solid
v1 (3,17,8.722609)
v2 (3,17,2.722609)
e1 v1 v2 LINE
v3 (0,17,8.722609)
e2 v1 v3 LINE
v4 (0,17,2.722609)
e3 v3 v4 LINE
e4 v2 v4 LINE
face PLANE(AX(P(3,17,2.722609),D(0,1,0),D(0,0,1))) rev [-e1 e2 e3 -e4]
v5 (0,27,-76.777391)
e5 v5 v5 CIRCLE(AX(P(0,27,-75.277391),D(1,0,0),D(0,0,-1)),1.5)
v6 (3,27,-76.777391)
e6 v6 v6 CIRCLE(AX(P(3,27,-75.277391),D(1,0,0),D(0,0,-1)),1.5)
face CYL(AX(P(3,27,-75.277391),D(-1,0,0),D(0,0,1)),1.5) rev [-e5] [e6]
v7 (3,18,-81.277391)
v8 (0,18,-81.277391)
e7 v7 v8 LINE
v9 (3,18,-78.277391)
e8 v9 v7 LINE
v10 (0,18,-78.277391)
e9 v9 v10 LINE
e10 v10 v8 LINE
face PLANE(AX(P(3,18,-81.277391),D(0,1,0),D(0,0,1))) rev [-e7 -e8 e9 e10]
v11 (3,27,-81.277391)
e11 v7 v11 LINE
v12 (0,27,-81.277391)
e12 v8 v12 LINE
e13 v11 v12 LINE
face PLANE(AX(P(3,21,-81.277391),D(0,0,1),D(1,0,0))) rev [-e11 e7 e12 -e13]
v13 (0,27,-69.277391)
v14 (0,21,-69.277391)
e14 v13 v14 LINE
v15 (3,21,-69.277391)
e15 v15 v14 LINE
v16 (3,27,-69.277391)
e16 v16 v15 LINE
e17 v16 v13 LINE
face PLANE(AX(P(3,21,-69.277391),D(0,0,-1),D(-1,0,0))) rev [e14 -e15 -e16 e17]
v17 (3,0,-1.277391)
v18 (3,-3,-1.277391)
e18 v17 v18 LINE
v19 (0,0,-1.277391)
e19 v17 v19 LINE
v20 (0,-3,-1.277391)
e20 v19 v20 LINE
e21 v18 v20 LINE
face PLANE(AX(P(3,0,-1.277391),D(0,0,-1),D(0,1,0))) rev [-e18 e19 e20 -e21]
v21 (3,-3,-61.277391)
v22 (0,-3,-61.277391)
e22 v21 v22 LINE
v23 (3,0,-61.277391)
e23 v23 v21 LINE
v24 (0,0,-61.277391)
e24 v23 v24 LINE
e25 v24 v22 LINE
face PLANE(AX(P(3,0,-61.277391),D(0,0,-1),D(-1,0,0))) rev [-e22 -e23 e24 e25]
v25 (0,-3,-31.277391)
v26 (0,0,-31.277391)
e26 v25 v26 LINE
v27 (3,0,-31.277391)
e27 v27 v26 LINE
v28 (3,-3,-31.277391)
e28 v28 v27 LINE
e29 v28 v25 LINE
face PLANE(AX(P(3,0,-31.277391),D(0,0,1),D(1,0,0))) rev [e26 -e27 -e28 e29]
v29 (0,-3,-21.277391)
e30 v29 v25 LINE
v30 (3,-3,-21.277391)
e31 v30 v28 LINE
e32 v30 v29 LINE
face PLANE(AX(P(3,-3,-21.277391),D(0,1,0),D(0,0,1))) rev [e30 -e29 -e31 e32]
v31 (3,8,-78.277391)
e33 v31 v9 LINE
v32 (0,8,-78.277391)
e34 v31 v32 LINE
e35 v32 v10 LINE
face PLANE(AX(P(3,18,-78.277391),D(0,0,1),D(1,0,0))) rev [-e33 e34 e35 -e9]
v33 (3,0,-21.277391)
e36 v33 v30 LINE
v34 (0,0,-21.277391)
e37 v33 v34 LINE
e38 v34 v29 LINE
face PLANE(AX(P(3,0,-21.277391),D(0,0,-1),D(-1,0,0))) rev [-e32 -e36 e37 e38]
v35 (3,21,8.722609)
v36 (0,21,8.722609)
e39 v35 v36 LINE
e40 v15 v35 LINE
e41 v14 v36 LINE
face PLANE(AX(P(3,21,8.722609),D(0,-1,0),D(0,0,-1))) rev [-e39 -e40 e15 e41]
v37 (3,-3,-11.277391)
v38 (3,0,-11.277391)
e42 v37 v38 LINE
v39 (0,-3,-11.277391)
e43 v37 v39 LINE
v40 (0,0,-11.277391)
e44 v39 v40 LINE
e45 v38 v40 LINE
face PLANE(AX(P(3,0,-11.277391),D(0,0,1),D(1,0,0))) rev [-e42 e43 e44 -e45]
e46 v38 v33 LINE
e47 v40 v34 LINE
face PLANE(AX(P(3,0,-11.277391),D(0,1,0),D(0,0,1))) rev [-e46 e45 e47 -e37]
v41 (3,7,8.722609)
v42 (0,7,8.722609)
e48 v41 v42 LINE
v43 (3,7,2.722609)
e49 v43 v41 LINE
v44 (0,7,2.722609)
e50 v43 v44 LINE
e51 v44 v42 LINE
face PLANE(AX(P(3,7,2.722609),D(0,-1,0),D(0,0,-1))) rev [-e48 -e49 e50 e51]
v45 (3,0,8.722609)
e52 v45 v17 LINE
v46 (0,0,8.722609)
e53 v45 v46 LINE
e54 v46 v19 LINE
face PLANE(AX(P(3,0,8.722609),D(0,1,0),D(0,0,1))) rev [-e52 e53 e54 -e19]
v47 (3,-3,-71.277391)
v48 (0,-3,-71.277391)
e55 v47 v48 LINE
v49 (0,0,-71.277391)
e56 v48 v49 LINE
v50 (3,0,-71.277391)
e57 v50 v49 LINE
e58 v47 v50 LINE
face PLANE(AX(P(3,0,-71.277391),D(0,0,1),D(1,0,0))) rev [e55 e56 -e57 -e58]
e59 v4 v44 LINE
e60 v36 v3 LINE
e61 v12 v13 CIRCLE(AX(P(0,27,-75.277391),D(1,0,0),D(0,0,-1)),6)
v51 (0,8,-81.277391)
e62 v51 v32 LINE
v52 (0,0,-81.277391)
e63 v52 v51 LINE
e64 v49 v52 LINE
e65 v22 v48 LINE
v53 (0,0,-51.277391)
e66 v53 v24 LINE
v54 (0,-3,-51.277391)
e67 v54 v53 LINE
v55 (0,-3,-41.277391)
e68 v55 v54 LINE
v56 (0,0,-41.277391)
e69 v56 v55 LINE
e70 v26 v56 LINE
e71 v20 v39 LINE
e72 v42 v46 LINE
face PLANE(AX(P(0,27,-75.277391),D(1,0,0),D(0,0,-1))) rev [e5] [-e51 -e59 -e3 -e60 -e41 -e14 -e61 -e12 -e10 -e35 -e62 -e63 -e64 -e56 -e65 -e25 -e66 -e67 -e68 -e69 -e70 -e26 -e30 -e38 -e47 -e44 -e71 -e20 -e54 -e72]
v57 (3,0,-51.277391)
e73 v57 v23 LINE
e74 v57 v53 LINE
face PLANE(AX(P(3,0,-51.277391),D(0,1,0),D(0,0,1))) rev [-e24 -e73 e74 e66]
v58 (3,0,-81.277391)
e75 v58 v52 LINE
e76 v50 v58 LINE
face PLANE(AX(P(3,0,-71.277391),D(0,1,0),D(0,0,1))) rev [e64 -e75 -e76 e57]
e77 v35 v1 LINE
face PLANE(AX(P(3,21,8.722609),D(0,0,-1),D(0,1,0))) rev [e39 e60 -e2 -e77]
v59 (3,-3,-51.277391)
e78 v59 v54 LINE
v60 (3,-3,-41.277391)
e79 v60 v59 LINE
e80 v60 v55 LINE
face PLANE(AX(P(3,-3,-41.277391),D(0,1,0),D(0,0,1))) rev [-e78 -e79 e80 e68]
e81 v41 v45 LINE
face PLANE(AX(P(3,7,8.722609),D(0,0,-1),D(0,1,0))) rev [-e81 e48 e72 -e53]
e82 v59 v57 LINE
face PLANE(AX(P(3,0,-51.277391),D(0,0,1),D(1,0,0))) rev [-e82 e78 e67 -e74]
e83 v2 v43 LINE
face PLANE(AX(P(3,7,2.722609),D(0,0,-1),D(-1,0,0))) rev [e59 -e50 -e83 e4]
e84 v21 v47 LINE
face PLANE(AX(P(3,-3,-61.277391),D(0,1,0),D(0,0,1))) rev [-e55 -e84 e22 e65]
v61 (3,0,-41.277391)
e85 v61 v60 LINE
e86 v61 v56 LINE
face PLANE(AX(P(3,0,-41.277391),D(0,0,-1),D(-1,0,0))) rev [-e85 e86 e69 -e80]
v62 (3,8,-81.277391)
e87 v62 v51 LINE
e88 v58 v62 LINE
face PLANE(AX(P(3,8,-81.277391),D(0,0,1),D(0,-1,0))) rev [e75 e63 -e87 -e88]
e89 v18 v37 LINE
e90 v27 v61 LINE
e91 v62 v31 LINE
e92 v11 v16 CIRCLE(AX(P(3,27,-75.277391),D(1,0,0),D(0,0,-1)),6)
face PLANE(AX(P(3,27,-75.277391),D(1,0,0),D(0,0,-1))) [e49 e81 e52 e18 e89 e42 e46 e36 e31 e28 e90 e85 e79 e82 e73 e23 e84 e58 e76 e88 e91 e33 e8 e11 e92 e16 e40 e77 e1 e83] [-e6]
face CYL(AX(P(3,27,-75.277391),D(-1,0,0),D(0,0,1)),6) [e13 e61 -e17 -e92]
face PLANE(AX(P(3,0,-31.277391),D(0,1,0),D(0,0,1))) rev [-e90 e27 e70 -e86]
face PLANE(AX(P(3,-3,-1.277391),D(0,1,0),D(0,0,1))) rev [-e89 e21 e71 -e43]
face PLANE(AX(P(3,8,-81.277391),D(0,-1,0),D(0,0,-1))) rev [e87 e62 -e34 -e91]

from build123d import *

# Parameters (mm, degrees)
SKETCH1_R           = 1.5
BOSS_EXTRUDE1_DEPTH = 3


with BuildPart() as part:
    # Sketch1 → Boss-Extrude1 (new body)
    with BuildSketch(Plane(origin=(0, 0, 0), x_dir=(0, 0, -1), z_dir=(1, 0, 0))):
        with BuildLine():
            Line((81.277391257, 21), (81.277391257, 18))
            Line((81.277391257, 18), (78.277391257, 18))
            Line((78.277391257, 18), (78.277391257, 8))
            Line((78.277391257, 8), (81.277391257, 8))
            Line((81.277391257, 8), (81.277391257, 0))
            Line((81.277391257, 0), (71.277391257, 0))
            Line((71.277391257, 0), (71.277391257, -3))
            Line((71.277391257, -3), (61.277391257, -3))
            Line((61.277391257, -3), (61.277391257, 0))
            Line((61.277391257, 0), (51.277391257, 0))
            Line((51.277391257, 0), (51.277391257, -3))
            Line((51.277391257, -3), (41.277391257, -3))
            Line((41.277391257, -3), (41.277391257, 0))
            Line((41.277391257, 0), (31.277391257, 0))
            Line((31.277391257, 0), (31.277391257, -3))
            Line((31.277391257, -3), (21.277391257, -3))
            Line((21.277391257, -3), (21.277391257, 0))
            Line((21.277391257, 0), (11.277391257, 0))
            Line((11.277391257, 0), (11.277391257, -3))
            Line((11.277391257, -3), (1.277391257, -3))
            Line((1.277391257, -3), (1.277391257, 0))
            Line((1.277391257, 0), (-8.722608743, 0))
            Line((-8.722608743, 0), (-8.722608743, 7))
            Line((-8.722608743, 7), (-2.722608743, 7))
            Line((-2.722608743, 7), (-2.722608743, 17))
            Line((-2.722608743, 17), (-8.722608743, 17))
            Line((-8.722608743, 17), (-8.722608743, 21))
            Line((-8.722608743, 21), (69.277391257, 21))
            Line((69.277391257, 21), (69.277391257, 27))
            ThreePointArc((69.277391257, 27), (75.277391257, 33), (81.277391257, 27))
            Line((81.277391257, 27), (81.277391257, 21))
        make_face()
        with Locations((75.277391257, 27)):
            Circle(SKETCH1_R, mode=Mode.SUBTRACT)
    extrude(amount=BOSS_EXTRUDE1_DEPTH)


solid = part.part
